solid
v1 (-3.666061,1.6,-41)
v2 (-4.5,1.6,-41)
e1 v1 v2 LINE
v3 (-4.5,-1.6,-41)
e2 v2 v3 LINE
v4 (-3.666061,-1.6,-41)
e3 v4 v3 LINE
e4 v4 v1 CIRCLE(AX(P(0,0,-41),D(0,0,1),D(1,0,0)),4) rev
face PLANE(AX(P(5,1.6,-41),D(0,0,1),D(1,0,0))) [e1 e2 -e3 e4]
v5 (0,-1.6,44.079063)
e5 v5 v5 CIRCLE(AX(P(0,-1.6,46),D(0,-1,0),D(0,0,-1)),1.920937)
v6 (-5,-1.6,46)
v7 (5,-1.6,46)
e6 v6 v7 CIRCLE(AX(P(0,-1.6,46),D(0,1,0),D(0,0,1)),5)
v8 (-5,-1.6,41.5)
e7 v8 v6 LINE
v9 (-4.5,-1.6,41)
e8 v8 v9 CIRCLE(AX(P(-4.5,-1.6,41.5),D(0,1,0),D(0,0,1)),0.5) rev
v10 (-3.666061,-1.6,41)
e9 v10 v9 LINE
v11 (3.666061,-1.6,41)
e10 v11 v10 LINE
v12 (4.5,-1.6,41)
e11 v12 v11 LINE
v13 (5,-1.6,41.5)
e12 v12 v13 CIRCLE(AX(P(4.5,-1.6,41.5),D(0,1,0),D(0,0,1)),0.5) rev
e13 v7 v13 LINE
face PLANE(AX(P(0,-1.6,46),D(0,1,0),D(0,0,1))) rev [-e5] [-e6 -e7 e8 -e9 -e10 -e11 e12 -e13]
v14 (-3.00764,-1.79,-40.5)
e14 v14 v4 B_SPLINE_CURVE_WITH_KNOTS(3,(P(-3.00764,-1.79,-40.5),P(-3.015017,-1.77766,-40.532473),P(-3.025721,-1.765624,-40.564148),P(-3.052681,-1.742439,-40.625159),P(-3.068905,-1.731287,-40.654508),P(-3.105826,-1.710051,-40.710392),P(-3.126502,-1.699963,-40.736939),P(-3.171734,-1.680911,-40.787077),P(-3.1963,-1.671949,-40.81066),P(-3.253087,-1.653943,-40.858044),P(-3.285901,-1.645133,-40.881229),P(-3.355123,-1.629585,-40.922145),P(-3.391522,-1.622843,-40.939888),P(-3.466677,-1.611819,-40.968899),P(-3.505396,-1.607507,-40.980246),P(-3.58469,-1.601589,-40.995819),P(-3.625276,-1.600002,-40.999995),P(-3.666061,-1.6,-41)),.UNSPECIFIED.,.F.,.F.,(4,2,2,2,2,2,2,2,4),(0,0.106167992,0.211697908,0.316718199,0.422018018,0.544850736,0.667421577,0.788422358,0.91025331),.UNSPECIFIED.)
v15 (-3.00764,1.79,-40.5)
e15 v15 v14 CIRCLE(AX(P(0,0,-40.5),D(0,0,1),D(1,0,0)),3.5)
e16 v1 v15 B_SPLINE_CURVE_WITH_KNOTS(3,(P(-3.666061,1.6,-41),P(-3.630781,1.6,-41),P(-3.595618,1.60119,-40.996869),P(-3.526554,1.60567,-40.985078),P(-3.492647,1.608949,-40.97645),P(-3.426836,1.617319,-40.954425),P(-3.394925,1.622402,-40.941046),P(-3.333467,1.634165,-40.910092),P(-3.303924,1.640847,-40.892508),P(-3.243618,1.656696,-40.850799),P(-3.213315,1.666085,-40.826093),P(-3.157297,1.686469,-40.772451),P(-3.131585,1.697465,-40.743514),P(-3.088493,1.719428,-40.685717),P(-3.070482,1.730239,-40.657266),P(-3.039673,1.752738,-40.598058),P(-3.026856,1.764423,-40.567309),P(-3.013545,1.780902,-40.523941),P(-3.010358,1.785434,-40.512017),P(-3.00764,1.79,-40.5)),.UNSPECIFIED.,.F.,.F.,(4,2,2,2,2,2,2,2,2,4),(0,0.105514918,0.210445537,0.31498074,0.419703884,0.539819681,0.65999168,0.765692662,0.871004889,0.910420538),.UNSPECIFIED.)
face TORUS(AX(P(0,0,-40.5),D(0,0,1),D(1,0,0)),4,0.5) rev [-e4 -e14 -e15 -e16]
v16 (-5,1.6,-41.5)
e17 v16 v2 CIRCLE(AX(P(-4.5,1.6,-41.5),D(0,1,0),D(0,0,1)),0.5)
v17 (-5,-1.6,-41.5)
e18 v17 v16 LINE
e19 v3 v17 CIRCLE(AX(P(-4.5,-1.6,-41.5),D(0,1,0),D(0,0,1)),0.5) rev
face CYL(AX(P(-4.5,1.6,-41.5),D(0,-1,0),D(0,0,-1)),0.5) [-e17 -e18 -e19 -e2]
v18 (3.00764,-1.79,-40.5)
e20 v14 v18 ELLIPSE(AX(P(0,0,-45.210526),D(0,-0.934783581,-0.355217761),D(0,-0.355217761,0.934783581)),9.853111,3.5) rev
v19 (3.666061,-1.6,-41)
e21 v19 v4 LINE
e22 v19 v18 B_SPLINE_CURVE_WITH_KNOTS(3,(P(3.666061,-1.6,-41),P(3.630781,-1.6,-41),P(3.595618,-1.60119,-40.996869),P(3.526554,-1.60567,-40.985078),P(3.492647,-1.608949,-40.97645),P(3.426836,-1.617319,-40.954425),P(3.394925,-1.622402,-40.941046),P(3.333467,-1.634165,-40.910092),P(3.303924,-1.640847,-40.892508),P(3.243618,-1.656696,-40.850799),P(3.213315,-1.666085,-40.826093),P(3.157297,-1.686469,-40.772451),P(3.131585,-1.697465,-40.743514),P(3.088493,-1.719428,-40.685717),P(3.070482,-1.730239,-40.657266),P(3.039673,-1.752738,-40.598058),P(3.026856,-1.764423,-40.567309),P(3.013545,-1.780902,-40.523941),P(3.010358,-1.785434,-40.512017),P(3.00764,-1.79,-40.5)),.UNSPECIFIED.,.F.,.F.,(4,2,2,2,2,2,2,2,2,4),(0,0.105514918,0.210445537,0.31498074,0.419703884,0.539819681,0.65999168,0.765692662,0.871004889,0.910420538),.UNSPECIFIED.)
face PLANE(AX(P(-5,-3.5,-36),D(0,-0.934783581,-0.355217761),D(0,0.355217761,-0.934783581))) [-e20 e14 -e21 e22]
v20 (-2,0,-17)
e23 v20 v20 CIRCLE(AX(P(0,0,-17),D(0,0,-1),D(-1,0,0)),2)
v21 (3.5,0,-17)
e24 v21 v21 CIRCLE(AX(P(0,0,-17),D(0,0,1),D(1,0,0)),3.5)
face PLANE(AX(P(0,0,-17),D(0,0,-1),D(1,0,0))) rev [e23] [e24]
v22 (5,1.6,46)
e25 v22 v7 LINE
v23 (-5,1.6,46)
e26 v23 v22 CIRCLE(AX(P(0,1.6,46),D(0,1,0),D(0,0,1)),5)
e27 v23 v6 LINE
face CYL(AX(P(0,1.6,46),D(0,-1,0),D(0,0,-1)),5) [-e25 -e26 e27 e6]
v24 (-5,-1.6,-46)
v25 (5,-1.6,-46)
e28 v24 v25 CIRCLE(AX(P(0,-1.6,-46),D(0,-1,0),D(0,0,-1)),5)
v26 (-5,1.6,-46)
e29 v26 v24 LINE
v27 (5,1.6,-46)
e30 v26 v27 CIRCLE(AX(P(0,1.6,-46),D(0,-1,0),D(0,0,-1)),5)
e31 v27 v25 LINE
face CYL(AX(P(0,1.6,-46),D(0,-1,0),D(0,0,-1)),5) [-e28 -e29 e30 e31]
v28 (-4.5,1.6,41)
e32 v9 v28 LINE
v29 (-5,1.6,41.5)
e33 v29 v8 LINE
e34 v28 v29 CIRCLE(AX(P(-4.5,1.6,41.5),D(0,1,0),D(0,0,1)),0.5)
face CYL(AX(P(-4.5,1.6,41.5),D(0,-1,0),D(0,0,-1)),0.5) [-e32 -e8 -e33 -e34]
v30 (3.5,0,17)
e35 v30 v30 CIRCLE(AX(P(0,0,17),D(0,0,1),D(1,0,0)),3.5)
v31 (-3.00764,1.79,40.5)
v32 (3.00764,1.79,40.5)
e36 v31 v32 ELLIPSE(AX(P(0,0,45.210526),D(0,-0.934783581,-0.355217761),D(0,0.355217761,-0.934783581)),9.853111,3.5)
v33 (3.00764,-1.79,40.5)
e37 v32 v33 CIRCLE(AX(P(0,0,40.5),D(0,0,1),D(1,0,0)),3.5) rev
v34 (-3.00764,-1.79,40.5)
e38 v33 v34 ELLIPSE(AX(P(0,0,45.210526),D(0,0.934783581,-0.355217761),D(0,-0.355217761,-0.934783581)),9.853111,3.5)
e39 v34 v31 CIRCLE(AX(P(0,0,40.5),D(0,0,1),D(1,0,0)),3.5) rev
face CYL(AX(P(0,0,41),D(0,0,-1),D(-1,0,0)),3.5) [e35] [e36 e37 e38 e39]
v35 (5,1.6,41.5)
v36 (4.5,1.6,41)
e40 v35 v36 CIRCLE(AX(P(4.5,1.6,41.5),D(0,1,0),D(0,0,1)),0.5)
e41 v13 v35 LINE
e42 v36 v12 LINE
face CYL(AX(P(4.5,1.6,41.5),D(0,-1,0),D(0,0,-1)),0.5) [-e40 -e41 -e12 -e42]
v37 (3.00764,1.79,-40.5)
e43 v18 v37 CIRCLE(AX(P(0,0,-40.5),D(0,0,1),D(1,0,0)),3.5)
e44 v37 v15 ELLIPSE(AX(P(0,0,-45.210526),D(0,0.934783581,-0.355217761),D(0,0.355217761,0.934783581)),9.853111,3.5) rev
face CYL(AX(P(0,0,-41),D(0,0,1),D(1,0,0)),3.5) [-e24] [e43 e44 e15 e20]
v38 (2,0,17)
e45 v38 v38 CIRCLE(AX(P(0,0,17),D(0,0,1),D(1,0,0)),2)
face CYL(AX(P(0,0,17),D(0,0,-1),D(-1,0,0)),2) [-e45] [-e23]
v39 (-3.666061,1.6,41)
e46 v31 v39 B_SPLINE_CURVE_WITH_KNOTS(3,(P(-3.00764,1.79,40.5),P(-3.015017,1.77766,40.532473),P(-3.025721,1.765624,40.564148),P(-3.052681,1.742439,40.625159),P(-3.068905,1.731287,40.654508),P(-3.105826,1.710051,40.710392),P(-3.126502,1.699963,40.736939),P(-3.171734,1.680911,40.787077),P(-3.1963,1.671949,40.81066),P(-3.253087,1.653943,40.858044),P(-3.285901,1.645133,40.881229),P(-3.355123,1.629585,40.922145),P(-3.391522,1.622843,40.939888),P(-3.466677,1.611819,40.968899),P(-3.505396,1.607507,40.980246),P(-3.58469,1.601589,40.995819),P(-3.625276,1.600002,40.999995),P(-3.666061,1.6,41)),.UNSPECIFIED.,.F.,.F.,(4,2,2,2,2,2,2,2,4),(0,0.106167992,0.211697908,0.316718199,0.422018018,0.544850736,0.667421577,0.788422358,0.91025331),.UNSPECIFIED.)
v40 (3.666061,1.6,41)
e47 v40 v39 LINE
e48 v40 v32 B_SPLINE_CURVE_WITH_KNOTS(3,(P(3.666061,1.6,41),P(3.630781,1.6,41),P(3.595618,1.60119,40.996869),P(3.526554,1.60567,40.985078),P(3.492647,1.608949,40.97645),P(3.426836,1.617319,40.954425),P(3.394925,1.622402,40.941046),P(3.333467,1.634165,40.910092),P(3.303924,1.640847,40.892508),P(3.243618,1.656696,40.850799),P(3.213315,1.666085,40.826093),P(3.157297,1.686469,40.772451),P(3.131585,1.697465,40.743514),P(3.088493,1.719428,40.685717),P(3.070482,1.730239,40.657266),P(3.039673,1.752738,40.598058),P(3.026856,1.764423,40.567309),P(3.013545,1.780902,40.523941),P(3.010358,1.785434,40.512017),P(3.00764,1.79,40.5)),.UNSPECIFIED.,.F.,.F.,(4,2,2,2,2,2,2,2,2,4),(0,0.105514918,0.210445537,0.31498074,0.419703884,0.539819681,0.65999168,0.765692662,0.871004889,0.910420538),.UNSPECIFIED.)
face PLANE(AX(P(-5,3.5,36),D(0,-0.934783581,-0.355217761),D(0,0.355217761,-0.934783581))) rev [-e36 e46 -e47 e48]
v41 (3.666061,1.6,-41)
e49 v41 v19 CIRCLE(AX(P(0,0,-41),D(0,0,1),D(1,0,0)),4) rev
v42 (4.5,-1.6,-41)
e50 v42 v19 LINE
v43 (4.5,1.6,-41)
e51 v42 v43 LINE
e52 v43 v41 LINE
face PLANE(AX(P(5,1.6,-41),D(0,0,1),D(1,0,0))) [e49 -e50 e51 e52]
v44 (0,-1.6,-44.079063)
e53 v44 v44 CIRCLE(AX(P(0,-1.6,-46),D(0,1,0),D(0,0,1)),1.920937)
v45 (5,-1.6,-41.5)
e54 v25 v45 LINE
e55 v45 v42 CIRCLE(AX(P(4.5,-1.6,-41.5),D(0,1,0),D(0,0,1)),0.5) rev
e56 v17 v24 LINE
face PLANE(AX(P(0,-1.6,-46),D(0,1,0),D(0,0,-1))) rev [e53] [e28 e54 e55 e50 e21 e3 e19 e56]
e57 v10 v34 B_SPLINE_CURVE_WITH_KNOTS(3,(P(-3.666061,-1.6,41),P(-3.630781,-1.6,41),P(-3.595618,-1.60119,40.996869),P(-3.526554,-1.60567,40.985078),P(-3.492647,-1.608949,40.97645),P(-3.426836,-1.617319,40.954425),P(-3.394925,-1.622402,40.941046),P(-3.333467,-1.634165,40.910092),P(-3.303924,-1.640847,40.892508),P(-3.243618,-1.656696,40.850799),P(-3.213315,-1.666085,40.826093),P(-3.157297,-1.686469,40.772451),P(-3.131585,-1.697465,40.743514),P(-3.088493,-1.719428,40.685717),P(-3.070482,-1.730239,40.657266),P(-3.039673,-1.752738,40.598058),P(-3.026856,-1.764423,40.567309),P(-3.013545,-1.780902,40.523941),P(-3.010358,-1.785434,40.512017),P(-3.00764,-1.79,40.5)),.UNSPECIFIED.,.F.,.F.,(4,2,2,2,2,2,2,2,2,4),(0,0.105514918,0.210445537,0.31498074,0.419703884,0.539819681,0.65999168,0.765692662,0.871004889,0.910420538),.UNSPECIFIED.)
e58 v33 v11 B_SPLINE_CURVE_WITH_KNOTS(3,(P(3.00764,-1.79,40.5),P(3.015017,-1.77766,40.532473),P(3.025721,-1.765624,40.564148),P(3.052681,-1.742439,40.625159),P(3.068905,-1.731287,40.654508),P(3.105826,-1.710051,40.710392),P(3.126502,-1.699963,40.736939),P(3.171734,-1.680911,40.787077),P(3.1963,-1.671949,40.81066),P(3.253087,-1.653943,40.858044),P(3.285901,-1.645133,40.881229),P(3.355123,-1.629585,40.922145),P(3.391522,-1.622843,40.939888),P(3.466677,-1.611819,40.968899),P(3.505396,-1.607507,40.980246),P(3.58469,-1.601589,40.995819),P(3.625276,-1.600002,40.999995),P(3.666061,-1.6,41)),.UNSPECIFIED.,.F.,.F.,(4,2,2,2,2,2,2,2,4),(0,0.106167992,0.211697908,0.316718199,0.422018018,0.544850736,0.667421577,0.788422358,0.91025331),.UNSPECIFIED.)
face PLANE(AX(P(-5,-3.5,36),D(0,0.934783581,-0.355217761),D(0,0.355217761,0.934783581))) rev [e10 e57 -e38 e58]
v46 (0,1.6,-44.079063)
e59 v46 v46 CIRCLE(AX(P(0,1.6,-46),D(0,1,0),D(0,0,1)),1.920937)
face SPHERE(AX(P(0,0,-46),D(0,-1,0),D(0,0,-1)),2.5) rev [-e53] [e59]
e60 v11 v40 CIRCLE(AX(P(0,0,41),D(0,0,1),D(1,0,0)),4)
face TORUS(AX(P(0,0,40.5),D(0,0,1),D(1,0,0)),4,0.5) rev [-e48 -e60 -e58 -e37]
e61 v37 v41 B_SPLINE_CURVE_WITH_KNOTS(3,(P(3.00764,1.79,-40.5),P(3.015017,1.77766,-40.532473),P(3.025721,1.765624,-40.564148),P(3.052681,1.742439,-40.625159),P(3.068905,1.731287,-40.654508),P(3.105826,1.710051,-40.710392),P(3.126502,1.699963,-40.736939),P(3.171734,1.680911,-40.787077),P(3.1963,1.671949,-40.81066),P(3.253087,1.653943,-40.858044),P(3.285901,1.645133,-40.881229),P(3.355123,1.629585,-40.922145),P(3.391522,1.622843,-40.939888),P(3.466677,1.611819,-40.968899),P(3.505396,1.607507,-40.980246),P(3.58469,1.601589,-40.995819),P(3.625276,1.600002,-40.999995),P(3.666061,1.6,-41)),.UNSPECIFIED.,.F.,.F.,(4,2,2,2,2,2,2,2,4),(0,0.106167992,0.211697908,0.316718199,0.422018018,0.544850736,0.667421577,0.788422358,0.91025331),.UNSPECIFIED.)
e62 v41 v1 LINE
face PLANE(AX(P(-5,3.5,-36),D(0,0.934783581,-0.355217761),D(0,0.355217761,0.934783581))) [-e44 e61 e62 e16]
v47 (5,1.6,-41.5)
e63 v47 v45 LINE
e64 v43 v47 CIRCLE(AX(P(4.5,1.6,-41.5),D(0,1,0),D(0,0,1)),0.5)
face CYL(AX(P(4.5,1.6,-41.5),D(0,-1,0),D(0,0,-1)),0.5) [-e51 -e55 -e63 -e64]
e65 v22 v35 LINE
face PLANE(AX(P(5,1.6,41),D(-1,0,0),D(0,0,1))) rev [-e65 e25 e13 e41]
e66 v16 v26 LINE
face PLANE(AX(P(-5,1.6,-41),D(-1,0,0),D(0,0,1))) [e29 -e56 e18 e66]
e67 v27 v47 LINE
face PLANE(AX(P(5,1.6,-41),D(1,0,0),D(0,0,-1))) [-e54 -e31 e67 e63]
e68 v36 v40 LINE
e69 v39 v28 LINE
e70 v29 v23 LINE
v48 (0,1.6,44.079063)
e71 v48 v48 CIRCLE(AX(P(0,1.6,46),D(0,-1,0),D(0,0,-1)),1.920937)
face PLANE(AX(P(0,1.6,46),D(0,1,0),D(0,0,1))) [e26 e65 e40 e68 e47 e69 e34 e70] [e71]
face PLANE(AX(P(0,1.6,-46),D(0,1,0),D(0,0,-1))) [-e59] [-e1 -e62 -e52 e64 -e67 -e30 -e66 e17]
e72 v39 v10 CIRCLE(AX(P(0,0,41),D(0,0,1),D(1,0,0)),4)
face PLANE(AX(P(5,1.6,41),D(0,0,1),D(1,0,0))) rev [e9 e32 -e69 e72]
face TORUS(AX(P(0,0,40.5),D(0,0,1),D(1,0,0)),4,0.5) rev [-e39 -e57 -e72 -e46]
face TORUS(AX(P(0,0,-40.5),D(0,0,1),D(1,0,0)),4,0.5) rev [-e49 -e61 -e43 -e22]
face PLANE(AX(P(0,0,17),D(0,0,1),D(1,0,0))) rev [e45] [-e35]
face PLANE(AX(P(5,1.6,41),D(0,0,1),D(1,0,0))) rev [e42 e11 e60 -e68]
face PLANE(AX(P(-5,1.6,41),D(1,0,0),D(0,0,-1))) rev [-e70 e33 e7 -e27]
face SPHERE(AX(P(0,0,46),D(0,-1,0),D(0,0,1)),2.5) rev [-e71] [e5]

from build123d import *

# Parameters (mm, degrees)
SKETCH1_R                  = 2
SCREW_SECTION_DEPTH        = 17
SKETCH2_R                  = 3.5
BAR_SECTION_DEPTH          = 24
MOUNT_SECTION_DEPTH        = 1.6
BAR_TAPER_DEPTH            = 6
MOUNT_FILLET_R             = 0.5
MOUNT_FILLET_OF_MIRROR_2_R = 0.5


with BuildPart() as part:
    # Sketch1 → Screw Section (new body)
    with BuildSketch(Plane.XY):
        Circle(SKETCH1_R)
    screw_section = extrude(amount=SCREW_SECTION_DEPTH)

    # Sketch2 → Bar Section (add)
    with BuildSketch(Plane.XY.offset(17)):
        Circle(SKETCH2_R)
    bar_section = extrude(amount=BAR_SECTION_DEPTH)

    # Sketch3 → Mount Section (add, symmetric)
    with BuildSketch(Plane(origin=(0, 0, 0), x_dir=(1, 0, 0), z_dir=(0, 1, 0))):
        with BuildLine():
            Line((5, -41), (-5, -41))
            Line((-5, -41), (-5, -46))
            ThreePointArc((-5, -46), (0, -51), (5, -46))
            Line((5, -46), (5, -41))
        make_face()
    mount_section = extrude(amount=MOUNT_SECTION_DEPTH, both=True)

    # Sketch4 → Bar Taper (cut, symmetric)
    with BuildSketch(Plane(origin=(0, 0, 0), x_dir=(0, 0, -1), z_dir=(1, 0, 0))):
        Polygon((-36, -3.5), (-41, -1.6), (-41, -3.5), align=None)
        Polygon((-36, 3.5), (-41, 1.6), (-41, 3.5), align=None)
    bar_taper = extrude(amount=BAR_TAPER_DEPTH, both=True, mode=Mode.SUBTRACT)

    # Mount Fillet
    mount_fillet_edges = [part.edges().sort_by_distance(p)[0] for p in [
        (-5, 0, 41),
        (3.401842713, -0.823083322, 41),
        (-3.5, 0, 41),
        (5, 0, 41),
    ]]
    fillet(mount_fillet_edges, radius=MOUNT_FILLET_R)

    # Sketch6 → Ball Hole (revolve, cut)
    with BuildSketch(Plane(origin=(0, 0, 0), x_dir=(0, 0, -1), z_dir=(1, 0, 0))):
        with BuildLine():
            Line((-47.920937271, -1.6), (-46, -1.6))
            Line((-46, -1.6), (-46, 1.6))
            Line((-46, 1.6), (-47.920937271, 1.6))
            ThreePointArc((-47.920937271, 1.6), (-48.5, 0), (-47.920937271, -1.6))
        make_face()
    ball_hole = revolve(axis=Axis((0, -1.6, 46), (0, 1, 0)), mode=Mode.SUBTRACT)

    # Mirror 2: Screw Section, Bar Section, Mount Section, Bar Taper, Ball Hole across Front Plane
    add(screw_section.mirror(Plane.XY))
    add(bar_section.mirror(Plane.XY))
    add(mount_section.mirror(Plane.XY))
    add(bar_taper.mirror(Plane.XY), mode=Mode.SUBTRACT)
    add(ball_hole.mirror(Plane.XY), mode=Mode.SUBTRACT)

    # Mount Fillet of Mirror 2
    mount_fillet_of_mirror_2_edges = [part.edges().sort_by_distance(p)[0] for p in [
        (-5, 0, -41),
        (3.401842713, -0.823083322, -41),
        (-3.5, 0, -41),
        (5, 0, -41),
    ]]
    fillet(mount_fillet_of_mirror_2_edges, radius=MOUNT_FILLET_OF_MIRROR_2_R)


solid = part.part
